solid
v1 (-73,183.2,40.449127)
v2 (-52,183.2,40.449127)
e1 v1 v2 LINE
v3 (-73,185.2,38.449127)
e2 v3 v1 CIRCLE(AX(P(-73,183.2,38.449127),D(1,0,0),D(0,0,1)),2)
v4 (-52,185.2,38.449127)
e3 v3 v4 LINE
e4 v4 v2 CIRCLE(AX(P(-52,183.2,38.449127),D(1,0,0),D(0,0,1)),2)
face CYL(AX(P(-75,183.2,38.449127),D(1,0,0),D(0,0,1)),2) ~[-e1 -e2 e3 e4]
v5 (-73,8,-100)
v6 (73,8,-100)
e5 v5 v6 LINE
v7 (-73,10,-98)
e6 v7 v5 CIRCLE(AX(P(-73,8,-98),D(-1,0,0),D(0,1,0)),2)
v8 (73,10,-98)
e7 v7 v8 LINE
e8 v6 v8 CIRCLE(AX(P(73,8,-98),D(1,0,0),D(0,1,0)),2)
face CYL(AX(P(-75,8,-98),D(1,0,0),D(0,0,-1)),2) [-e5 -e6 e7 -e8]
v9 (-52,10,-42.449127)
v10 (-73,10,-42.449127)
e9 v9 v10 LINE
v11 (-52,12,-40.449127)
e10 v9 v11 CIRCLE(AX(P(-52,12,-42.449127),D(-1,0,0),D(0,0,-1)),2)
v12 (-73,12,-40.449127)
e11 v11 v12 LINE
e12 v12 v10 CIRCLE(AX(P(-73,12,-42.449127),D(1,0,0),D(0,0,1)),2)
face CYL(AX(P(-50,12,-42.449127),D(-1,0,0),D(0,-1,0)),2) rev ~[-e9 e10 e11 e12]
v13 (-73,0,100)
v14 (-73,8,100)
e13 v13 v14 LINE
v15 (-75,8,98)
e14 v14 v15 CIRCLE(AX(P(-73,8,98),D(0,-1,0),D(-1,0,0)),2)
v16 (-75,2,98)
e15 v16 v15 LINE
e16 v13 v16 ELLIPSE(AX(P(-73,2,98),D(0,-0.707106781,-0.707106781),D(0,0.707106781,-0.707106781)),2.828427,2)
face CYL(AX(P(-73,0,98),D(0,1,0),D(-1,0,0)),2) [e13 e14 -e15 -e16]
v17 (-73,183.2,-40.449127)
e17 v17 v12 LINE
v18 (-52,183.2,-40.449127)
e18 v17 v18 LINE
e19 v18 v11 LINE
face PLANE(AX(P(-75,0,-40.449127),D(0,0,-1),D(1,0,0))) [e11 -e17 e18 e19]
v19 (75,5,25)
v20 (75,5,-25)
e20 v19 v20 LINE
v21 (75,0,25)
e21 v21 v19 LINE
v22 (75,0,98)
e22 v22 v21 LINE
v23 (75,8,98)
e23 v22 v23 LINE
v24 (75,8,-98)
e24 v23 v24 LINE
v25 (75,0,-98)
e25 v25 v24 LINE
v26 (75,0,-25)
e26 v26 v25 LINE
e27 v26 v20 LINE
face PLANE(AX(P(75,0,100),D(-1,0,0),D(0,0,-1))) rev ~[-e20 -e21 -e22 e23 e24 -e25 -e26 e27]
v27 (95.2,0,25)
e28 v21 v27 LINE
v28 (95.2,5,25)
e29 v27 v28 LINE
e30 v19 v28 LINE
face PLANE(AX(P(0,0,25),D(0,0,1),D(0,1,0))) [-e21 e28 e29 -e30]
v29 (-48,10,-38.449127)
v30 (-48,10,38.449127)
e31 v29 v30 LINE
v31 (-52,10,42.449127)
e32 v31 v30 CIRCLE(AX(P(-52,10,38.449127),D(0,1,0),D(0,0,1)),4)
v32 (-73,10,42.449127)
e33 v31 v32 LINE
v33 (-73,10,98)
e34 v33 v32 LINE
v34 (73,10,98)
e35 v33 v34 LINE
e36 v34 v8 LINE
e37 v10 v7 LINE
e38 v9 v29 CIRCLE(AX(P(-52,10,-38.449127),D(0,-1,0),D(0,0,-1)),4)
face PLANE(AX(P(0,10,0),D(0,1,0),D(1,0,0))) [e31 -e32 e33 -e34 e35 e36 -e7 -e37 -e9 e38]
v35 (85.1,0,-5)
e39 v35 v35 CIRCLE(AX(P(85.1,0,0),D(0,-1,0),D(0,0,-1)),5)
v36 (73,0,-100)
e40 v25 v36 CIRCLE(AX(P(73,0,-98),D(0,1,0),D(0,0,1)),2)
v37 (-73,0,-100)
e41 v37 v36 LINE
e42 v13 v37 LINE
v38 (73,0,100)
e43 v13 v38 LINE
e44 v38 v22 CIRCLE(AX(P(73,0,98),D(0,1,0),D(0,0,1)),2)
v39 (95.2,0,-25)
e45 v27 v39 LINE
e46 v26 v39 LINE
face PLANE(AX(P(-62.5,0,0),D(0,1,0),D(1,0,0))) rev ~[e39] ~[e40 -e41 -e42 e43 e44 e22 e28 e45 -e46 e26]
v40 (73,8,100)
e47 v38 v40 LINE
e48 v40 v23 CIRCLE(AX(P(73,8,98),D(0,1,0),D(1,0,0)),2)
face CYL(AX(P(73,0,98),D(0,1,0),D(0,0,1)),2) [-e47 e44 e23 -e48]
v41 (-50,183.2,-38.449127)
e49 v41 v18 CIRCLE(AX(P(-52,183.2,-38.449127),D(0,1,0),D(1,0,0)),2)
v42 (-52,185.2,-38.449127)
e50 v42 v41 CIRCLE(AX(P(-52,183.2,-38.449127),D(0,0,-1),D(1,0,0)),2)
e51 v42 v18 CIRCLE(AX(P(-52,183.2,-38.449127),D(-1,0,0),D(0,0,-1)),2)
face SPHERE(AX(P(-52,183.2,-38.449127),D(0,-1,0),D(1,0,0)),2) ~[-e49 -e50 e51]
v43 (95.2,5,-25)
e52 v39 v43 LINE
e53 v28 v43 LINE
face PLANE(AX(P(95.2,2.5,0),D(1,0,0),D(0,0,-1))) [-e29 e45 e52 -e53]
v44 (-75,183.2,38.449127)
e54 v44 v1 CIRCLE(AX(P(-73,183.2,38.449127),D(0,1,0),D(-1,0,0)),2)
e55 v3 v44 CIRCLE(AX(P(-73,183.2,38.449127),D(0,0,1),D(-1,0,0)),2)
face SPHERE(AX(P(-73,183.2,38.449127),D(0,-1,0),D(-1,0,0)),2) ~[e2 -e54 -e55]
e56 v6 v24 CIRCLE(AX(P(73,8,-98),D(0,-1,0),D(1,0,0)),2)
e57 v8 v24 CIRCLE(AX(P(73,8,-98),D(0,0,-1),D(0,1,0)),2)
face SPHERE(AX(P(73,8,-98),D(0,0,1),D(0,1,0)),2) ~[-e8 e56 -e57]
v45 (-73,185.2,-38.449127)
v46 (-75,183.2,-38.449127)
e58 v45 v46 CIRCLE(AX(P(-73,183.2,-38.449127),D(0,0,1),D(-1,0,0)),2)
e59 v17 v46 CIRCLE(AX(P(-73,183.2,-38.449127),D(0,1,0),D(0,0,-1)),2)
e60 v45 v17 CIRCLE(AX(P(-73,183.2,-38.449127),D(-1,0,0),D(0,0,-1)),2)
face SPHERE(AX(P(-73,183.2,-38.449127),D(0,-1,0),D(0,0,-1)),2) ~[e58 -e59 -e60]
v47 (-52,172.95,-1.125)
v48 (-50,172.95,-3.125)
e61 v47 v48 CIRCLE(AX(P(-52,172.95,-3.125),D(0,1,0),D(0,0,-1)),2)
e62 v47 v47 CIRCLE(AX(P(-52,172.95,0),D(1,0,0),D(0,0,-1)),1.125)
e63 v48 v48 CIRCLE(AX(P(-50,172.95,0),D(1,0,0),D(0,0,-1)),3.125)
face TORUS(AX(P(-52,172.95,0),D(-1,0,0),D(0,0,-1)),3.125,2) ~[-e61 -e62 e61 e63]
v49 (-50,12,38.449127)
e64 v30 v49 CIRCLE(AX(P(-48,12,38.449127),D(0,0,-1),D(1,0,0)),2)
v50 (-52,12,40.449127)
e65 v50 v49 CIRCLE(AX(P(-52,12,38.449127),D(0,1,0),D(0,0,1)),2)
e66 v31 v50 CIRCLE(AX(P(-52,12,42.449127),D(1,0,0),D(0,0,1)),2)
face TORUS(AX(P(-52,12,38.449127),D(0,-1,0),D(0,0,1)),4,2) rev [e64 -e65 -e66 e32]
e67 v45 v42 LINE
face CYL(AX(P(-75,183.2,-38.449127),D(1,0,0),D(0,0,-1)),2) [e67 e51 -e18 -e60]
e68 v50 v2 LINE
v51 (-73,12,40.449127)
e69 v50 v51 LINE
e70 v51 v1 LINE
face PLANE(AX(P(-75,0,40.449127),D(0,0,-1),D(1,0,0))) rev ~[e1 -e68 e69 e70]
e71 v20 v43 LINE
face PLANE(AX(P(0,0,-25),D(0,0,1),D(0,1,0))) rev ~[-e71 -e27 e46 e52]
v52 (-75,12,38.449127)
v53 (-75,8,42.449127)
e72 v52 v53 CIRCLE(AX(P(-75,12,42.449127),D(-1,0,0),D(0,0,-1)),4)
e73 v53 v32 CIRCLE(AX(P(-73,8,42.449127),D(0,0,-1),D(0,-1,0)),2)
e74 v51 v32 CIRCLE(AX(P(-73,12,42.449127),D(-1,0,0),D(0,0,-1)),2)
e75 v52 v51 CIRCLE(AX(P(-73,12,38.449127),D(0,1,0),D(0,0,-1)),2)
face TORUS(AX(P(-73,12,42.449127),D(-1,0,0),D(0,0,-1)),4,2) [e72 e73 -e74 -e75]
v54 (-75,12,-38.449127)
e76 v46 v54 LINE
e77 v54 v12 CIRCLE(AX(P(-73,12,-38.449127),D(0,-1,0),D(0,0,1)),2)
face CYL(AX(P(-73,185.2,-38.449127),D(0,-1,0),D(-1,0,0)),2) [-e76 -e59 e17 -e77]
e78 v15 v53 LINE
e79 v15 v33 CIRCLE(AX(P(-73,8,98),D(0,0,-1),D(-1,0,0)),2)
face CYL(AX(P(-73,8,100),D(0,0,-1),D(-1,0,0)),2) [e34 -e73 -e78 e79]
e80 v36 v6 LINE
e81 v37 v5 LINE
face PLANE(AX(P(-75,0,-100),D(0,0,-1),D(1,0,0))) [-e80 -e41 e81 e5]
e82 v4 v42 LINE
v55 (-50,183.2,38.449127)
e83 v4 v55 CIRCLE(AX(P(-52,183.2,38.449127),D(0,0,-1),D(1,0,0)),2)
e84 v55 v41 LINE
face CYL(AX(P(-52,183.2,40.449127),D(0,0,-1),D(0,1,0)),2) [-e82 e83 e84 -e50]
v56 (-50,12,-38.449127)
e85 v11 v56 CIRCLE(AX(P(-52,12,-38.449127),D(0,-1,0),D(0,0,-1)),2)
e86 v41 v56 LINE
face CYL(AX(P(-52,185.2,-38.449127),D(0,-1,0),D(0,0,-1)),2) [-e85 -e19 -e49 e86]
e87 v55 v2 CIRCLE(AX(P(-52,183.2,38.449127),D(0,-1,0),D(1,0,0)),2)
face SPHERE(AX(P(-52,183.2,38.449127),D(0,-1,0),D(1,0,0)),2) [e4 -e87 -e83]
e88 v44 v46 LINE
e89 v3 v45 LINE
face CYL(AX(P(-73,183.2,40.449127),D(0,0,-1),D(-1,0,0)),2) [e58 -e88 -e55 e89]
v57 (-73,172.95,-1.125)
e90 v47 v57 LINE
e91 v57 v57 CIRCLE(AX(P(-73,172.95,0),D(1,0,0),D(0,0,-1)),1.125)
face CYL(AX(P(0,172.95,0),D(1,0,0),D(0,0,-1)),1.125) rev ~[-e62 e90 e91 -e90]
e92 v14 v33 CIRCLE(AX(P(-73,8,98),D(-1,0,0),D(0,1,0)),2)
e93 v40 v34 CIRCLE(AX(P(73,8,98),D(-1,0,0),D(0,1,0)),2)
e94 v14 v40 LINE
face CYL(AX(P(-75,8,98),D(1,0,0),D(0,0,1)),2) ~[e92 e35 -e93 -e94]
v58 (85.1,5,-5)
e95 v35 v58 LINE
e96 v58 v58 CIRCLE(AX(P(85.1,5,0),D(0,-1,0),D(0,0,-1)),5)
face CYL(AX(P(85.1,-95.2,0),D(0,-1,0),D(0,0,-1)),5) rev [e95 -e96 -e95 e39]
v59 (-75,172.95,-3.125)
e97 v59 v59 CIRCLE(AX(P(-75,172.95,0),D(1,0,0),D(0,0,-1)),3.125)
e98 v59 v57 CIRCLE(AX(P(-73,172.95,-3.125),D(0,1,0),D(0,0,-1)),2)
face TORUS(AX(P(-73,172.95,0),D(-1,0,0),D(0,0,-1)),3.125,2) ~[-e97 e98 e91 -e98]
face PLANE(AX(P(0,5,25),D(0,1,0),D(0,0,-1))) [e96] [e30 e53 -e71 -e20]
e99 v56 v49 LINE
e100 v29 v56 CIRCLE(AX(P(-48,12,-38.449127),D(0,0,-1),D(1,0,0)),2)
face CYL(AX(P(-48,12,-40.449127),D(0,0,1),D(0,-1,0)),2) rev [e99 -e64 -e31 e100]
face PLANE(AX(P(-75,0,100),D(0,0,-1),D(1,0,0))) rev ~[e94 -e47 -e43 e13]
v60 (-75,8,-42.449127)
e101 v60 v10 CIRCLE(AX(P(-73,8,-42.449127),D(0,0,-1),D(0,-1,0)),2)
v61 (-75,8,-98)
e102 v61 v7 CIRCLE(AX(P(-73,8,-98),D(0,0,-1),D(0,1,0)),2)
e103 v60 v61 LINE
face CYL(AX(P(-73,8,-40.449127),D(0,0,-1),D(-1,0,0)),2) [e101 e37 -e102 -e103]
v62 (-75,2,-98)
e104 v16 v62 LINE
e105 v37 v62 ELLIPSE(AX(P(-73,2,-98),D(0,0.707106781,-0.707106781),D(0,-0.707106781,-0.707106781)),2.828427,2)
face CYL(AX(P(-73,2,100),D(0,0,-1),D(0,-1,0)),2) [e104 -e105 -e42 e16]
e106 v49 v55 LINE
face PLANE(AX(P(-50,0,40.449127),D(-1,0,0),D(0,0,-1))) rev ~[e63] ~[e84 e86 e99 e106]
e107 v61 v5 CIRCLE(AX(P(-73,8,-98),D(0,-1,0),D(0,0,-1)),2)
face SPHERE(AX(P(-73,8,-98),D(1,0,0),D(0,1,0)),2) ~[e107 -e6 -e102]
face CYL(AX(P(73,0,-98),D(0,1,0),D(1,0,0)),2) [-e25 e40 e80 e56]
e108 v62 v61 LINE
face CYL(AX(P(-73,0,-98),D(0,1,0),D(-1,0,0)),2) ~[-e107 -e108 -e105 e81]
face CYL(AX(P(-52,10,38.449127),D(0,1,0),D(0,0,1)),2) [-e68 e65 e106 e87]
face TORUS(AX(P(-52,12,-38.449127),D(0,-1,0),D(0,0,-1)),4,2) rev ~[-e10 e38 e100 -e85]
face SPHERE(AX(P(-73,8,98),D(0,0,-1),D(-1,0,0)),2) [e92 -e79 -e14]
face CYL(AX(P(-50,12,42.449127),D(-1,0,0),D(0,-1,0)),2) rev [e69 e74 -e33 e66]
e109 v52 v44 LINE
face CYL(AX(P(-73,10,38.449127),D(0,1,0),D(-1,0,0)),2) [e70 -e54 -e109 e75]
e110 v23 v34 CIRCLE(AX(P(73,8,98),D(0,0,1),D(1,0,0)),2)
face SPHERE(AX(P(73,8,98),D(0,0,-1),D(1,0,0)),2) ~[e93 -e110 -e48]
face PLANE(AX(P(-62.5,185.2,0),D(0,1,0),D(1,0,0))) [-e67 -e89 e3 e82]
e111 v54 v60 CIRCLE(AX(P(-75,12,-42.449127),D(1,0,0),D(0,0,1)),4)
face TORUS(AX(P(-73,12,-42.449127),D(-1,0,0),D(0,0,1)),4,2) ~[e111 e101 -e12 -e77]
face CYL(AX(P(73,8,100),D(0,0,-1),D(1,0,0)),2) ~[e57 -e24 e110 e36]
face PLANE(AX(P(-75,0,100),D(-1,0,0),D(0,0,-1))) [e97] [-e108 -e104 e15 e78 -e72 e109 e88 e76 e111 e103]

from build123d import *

# Parameters (mm, degrees)
ESQUISSE2_W                  = 150
ESQUISSE2_H                  = 200
BOSS_EXTRU_2_DEPTH           = 10
ESQUISSE3_W                  = 25
ESQUISSE3_H                  = 80.898254602
BOSS_EXTRU_3_DEPTH           = 165
ESQUISSE7_W                  = 50
ESQUISSE7_H                  = 5
BOSS_EXTRU_4_DEPTH           = 95.2
ENL_V_MAT_EXTRU_2_DEPTH      = 95.2
ENL_V_MAT_EXTRU_2_DEPTH_BACK = 95.2
ESQUISSE8_R                  = 5
ESQUISSE9_W                  = 25
ESQUISSE9_H                  = 80.898254602
BOSS_EXTRU_5_DEPTH           = 185.2
ESQUISSE10_R                 = 1.125
ENL_V_MAT_EXTRU_3_DEPTH      = 185.2
CONG_1_R                     = 2


with BuildPart() as part:
    # Esquisse2 → Boss.-Extru.2 (new body)
    with BuildSketch(Plane(origin=(0, 0, 0), x_dir=(1, 0, 0), z_dir=(0, 1, 0))):
        Rectangle(ESQUISSE2_W, ESQUISSE2_H)
    extrude(amount=BOSS_EXTRU_2_DEPTH)

    # Esquisse3 → Boss.-Extru.3 (add)
    with BuildSketch(Plane(origin=(0, 0, 0), x_dir=(1, 0, 0), z_dir=(0, 1, 0))):
        with Locations((-62.5, 0)):
            Rectangle(ESQUISSE3_W, ESQUISSE3_H)
    extrude(amount=BOSS_EXTRU_3_DEPTH)

    # Esquisse7 → Boss.-Extru.4 (add)
    with BuildSketch(Plane(origin=(0, 0, 0), x_dir=(0, 0, -1), z_dir=(1, 0, 0))):
        with Locations((0, 2.5)):
            Rectangle(ESQUISSE7_W, ESQUISSE7_H)
    extrude(amount=BOSS_EXTRU_4_DEPTH)

    # Esquisse8 → Enlèv. mat.-Extru.2 (cut, two sides: drawn at the far end of the back side and taken through both)
    with BuildSketch(Plane(origin=(0, 0, 0), x_dir=(1, 0, 0), z_dir=(0, 1, 0)).offset(-ENL_V_MAT_EXTRU_2_DEPTH_BACK)):
        with Locations(Location((85.1, 0, 0), (0, 0, 90))):
            Circle(ESQUISSE8_R)
    extrude(amount=ENL_V_MAT_EXTRU_2_DEPTH + ENL_V_MAT_EXTRU_2_DEPTH_BACK, mode=Mode.SUBTRACT)

    # Esquisse9 → Boss.-Extru.5 (add)
    with BuildSketch(Plane(origin=(0, 0, 0), x_dir=(1, 0, 0), z_dir=(0, 1, 0))):
        with Locations((-62.5, 0)):
            Rectangle(ESQUISSE9_W, ESQUISSE9_H)
    extrude(amount=BOSS_EXTRU_5_DEPTH)

    # Esquisse10 → Enlèv. mat.-Extru.3 (cut)
    with BuildSketch(Plane(origin=(0, 0, 0), x_dir=(0, 0, -1), z_dir=(1, 0, 0))):
        with Locations((0, 172.95)):
            Circle(ESQUISSE10_R)
    extrude(amount=-ENL_V_MAT_EXTRU_3_DEPTH, mode=Mode.SUBTRACT)

    # Congé1
    cong_1_edges = [part.edges().sort_by_distance(p)[0] for p in [
        (75, 10, 0),
        (-75, 10, 70.224563651),
        (0, 10, -100),
        (-62.5, 10, -40.449127301),
        (-62.5, 10, 40.449127301),
        (-50, 10, 0),
        (-50, 97.6, -40.449127301),
        (-75, 97.6, -40.449127301),
        (-75, 97.6, 40.449127301),
        (-50, 97.6, 40.449127301),
        (-75, 10, -70.224563651),
        (-75, 0, 0),
        (-50, 185.2, 0),
        (-62.5, 185.2, -40.449127301),
        (-75, 185.2, 0),
        (-62.5, 185.2, 40.449127301),
        (-75, 5, -100),
        (75, 5, -100),
        (75, 5, 100),
        (-75, 5, 100),
        (-50, 172.95, 1.125),
        (-75, 172.95, 1.125),
        (0, 10, 100),
    ]]
    fillet(cong_1_edges, radius=CONG_1_R)


solid = part.part
